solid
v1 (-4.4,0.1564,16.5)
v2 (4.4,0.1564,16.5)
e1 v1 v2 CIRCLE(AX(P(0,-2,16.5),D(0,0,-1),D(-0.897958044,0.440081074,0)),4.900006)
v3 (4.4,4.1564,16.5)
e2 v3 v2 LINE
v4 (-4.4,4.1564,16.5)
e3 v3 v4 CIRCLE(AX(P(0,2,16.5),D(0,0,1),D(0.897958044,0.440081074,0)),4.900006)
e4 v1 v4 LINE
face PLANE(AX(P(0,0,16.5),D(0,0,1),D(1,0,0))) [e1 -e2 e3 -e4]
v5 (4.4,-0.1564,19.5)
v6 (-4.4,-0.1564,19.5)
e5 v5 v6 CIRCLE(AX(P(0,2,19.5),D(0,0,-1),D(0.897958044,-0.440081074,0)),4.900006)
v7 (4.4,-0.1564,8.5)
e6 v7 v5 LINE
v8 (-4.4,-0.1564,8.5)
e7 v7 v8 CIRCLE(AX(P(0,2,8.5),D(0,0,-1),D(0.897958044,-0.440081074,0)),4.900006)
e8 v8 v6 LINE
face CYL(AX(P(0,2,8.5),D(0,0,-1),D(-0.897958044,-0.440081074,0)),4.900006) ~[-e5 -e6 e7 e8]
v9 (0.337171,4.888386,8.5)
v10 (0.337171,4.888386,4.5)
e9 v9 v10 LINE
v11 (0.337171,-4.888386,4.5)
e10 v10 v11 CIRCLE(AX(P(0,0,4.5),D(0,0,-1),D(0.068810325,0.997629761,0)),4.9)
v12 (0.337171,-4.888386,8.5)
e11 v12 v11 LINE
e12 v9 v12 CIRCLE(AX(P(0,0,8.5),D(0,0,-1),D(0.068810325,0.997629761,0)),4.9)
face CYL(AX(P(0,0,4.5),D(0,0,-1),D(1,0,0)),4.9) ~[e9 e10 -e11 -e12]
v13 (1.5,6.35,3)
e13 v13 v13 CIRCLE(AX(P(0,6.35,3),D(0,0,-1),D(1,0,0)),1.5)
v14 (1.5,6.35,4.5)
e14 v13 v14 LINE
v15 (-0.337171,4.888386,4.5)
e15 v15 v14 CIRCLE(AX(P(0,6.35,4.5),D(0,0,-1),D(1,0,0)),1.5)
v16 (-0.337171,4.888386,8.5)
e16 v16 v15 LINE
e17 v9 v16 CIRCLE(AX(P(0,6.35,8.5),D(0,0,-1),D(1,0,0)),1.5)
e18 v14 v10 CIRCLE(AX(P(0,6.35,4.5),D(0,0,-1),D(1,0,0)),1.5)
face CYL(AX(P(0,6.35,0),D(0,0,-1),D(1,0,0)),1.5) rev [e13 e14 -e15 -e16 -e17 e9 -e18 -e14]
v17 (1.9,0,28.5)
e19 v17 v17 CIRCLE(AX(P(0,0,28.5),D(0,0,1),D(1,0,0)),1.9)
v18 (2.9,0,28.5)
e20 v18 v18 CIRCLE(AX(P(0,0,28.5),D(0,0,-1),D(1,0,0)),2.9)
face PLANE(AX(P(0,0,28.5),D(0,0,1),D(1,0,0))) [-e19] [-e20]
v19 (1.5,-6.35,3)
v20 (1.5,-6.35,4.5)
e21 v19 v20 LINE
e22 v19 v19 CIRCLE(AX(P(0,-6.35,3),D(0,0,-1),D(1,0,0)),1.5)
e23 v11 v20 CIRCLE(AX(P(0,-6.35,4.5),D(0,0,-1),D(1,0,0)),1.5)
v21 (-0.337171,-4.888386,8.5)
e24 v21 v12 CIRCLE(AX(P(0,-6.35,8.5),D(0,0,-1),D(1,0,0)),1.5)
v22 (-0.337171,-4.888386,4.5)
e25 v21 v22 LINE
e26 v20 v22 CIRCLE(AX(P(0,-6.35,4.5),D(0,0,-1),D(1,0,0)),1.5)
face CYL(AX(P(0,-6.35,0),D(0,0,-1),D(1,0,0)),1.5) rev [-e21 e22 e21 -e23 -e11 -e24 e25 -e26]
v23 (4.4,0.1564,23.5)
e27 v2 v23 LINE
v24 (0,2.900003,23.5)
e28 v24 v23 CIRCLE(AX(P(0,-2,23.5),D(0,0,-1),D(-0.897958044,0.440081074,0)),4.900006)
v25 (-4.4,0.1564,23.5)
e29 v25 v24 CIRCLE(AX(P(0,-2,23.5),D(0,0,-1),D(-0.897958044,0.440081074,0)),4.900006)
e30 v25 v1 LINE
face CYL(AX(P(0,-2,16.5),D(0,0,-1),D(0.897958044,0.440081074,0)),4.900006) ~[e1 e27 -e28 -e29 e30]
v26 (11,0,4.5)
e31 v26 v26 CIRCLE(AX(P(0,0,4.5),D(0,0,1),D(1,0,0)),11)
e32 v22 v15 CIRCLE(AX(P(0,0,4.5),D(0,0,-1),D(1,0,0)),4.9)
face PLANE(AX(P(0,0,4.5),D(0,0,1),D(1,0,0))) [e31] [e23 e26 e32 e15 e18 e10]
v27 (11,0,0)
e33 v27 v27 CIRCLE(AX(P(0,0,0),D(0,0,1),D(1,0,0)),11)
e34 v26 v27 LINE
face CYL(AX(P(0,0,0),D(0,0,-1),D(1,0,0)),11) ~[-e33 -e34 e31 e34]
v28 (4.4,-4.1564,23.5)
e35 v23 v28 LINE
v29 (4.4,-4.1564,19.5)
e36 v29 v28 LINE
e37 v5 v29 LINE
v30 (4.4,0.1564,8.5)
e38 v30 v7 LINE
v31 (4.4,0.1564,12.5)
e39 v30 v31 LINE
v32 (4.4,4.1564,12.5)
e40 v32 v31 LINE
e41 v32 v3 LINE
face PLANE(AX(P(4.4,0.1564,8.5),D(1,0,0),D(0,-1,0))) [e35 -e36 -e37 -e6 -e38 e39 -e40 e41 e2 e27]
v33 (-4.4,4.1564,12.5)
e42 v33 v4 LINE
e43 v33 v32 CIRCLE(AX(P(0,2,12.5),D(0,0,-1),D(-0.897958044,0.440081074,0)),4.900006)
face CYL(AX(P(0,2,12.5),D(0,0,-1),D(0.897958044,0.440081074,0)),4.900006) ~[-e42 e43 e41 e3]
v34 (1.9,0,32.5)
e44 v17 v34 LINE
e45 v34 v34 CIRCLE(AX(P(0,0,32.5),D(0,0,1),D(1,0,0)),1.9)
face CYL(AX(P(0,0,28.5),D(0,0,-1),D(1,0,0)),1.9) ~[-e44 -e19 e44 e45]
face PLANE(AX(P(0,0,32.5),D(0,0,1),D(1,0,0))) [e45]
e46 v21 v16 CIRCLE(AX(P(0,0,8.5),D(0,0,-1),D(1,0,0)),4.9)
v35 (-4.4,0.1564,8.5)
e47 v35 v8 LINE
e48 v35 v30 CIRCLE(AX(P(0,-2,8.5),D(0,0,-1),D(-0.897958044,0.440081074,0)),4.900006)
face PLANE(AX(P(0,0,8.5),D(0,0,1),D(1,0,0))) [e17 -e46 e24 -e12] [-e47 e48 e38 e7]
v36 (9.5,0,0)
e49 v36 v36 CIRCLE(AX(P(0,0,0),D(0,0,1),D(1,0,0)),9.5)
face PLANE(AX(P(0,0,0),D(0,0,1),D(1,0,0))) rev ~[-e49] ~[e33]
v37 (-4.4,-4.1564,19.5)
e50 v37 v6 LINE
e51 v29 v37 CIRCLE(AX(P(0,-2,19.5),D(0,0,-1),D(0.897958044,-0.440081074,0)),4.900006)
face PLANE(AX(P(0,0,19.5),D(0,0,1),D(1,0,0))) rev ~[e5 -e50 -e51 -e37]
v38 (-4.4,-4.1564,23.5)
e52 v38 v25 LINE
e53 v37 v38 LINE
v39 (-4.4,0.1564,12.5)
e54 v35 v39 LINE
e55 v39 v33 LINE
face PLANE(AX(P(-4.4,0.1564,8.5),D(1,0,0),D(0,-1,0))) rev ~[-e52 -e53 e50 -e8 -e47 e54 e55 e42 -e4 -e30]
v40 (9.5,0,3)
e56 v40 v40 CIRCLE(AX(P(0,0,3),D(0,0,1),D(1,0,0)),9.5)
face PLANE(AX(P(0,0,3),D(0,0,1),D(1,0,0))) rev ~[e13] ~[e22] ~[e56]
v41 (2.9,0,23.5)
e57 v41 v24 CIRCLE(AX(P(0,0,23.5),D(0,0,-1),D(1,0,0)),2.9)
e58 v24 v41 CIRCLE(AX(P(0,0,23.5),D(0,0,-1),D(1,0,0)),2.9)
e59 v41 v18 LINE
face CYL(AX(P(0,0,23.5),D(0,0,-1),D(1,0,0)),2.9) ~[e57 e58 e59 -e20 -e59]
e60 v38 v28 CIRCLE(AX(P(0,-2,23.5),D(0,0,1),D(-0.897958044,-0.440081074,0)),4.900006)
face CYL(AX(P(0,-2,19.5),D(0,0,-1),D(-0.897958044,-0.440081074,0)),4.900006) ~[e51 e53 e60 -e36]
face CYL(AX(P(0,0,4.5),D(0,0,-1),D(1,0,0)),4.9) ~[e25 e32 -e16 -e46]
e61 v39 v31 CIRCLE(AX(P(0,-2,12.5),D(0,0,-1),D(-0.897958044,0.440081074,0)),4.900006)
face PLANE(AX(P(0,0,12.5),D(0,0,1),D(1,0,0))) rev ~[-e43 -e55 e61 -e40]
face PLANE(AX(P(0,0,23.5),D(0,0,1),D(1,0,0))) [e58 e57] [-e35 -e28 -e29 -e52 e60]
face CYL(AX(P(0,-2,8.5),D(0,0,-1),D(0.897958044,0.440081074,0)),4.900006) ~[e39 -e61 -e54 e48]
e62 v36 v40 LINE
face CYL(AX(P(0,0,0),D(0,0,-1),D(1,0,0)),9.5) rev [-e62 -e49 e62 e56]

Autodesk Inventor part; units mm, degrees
ref_plane "YZ Plane" through (0, 0, 0) normal (1, 0, 0) x (0, 1, 0)
ref_plane "XZ Plane" through (0, 0, 0) normal (0, 1, 0) x (-1, 0, 0)
ref_plane "XY Plane" through (0, 0, 0) normal (0, 0, 1) x (1, 0, 0)
sketch "Skizze1" plane through (0, 0, 0) normal (0, 0, 1) x (1, 0, 0)
  line L0 (0, 15.4) -> (0, -15.4) construction
  line L1 (-15.4, 0) -> (15.4, 0) construction
  circle A0 centre (0, 0) radius 1.9
  arc A1 (-4.4, -4.1564) -> (4.4, -4.1564) centre (0, -2) ccw
  line L2 (0, 2) -> (0, 0) construction
  line L3 (0, 0) -> (2, 0) construction
  arc A2 (-4.4, -0.1564) -> (4.4, -0.1564) centre (0, 2) ccw
  arc A3 (4.4, 0.1564) -> (-4.4, 0.1564) centre (0, -2) ccw
  line L4 (0, 0) -> (0, -2) construction
  circle A4 centre (0, 0) radius 9.5
  circle A5 centre (0, 0) radius 11
  circle A6 centre (0, 0) radius 6.35 construction
  circle A7 centre (0, -6.35) radius 1.5
  circle A8 centre (0, 6.35) radius 1.5
  line L5 (0, -6.35) -> (0, 0) construction
  line L6 (0, 0) -> (-6.35, 0) construction
  line L7 (4.4, 4.1564) -> (4.4, -4.1564)
  line L8 (-4.4, 4.1564) -> (-4.4, -4.1564)
  line L9 (4.9, 2) -> (4.9, -2) construction
  arc A9 (4.4, 4.1564) -> (-4.4, 4.1564) centre (0, 2) ccw
  arc A10 (4.4, -0.1564) -> (4.4, 4.1564) centre (0, 2) ccw construction
  arc A11 (4.4, -4.1564) -> (4.4, 0.1564) centre (0, -2) ccw construction
  arc A12 (-4.4, 4.1564) -> (-4.4, -0.1564) centre (0, 2) ccw construction
  arc A13 (-4.4, 0.1564) -> (-4.4, -4.1564) centre (0, -2) ccw construction
  line L10 (-4.9, 2) -> (-4.9, -2) construction
  circle A14 centre (0, 0) radius 2.9
  circle A15 centre (0, 2) radius 5.9
  circle A16 centre (0, -6.35) radius 2.5
  circle A17 centre (0, 6.35) radius 2.5
  circle A18 centre (0, -2) radius 5.9
  circle A19 centre (0, 0) radius 4.9
  dimension "d0" = 3.8
  dimension "d1" = 2
  dimension "d14" = 2
  dimension "d15" = 180
  dimension "d16" = 9.5
  dimension "d17" = 1.5
  dimension "d20" = 6.35
  dimension "d21" = 3
  dimension "d26" = 0.5
  dimension "d27" = 0.5
  dimension "d28" = 4.9
  dimension "d31" = 1
  dimension "d34" = 1
  dimension "d37" = 1
  dimension "d40" = 1
extrude "Extrusion6" add sketch "Skizze1" along normal blind 3 contours A5
extrude "Extrusion7" add sketch "Skizze1" along normal blind 1.5 from surface at 3 contours A0 | L8 A19 A16 A1 | A1 A16 A18 A15 A19 L8 | A16 A19 A7 A1 | A1 A7 A16 A18 | A19 A15 L8 | L8 A15 A16 A19 | A7 A19 A1 | A1 A7 | A16 A15 A19 A7 | A18 A16 | A15 A19 A18 L8 | L8 A2 L7 A15 A16 | A15 A18 A19 | A7 A19 A16 A1 | A7 A19 | A16 A15 | A16 A1 L7 A19 A15 A18 | A15 A17 A9 L8 A19 A18 | L8 A3 A14 A2 | A19 L8 A18 | A16 A19 L7 A1 | A15 L7 A19 A16 | A17 A15 | A15 A17 A9 A8 | A14 A3 L7 A2 | A14 | L8 A18 A17 L7 A3 | L8 A19 A17 A18 | L8 A9 A17 A19 | A15 A19 L7 | L7 A18 A19 A15 | A18 A19 L7 A9 A17 A15 | A15 A19 A18 | A9 A8 A19 A17 | A18 A17 | A17 A19 A8 A18 | A18 L7 A19 | A9 A8 A19 | A8 A9 | A17 A19 L7 A18 | A19 A8 | A19 A17 A9 L7 | A17 A19 A8 A9 | A4 | A5
extrude "Extrusion15" add sketch "Skizze1" along normal blind 4 from surface at 4.5 contours A0 | A19 A15 L8 | L8 A15 A16 A19 | A16 A15 A19 A7 | A15 A19 A18 L8 | L8 A2 L7 A15 A16 | A7 A19 | A16 A15 | L8 A3 A14 A2 | A19 L8 A18 | A15 L7 A19 A16 | A14 A3 L7 A2 | A14 | L8 A18 A17 L7 A3 | L8 A19 A17 A18 | A15 A19 L7 | L7 A18 A19 A15 | A18 A17 | A17 A19 A8 A18 | A18 L7 A19 | A17 A19 L7 A18 | A19 A8
extrude "Extrusion8" cut sketch "Skizze1" along normal through all both and the other way through all contours A7 A19 A1 | A1 A7 | A7 A19 | A9 A8 A19 | A8 A9 | A19 A8
extrude "Extrusion16" add sketch "Skizze1" along normal blind 4 from surface at 8.5 contours A0 | L8 A3 A14 A2 | A14 A3 L7 A2 | A14
extrude "Extrusion12" cut sketch "Skizze1" along normal blind 3 from surface at 12.5 contours A16 A19 A7 A1 | A1 A7 A16 A18 | A16 A15 A19 A7 | A18 A16 | A7 A19 A16 A1 | A16 A15 | A17 A15 | A15 A17 A9 A8 | A9 A8 A19 A17 | A18 A17 | A17 A19 A8 A18 | A9 A8 A19 | A8 A9 | A19 A8 | A17 A19 A8 A9
extrude "Extrusion2" add sketch "Skizze1" along normal blind 4 from surface at 12.5 contours A0 | L8 A3 A14 A2 | A14 A3 L7 A2 | A14 | L8 A18 A17 L7 A3 | L8 A19 A17 A18 | L8 A9 A17 A19 | A9 A8 A19 A17 | A18 A17 | A17 A19 A8 A18 | A9 A8 A19 | A17 A19 L7 A18 | A19 A8 | A19 A17 A9 L7 | A17 A19 A8 A9
extrude "Extrusion3" add sketch "Skizze1" along normal blind 3 from surface at 16.5 contours A0 | L8 A3 A14 A2 | A14 A3 L7 A2 | A14
extrude "Extrusion4" add sketch "Skizze1" along normal blind 4 from surface at 19.5 contours A0 | L8 A19 A16 A1 | A16 A19 A7 A1 | L8 A15 A16 A19 | A7 A19 A1 | A16 A15 A19 A7 | L8 A2 L7 A15 A16 | A7 A19 A16 A1 | A7 A19 | A16 A15 | L8 A3 A14 A2 | A16 A19 L7 A1 | A15 L7 A19 A16 | A14 A3 L7 A2 | A14
extrude "Extrusion10" add sketch "Skizze1" along normal blind 5 from surface at 23.5 contours A0 | A14
extrude "Extrusion14" add sketch "Skizze1" along normal blind 4 from surface at 28.5 contours A0
equation "\"d14\" = d1"
equation "\"d27\" = d26"
properties part number "ExcentricShaft"
